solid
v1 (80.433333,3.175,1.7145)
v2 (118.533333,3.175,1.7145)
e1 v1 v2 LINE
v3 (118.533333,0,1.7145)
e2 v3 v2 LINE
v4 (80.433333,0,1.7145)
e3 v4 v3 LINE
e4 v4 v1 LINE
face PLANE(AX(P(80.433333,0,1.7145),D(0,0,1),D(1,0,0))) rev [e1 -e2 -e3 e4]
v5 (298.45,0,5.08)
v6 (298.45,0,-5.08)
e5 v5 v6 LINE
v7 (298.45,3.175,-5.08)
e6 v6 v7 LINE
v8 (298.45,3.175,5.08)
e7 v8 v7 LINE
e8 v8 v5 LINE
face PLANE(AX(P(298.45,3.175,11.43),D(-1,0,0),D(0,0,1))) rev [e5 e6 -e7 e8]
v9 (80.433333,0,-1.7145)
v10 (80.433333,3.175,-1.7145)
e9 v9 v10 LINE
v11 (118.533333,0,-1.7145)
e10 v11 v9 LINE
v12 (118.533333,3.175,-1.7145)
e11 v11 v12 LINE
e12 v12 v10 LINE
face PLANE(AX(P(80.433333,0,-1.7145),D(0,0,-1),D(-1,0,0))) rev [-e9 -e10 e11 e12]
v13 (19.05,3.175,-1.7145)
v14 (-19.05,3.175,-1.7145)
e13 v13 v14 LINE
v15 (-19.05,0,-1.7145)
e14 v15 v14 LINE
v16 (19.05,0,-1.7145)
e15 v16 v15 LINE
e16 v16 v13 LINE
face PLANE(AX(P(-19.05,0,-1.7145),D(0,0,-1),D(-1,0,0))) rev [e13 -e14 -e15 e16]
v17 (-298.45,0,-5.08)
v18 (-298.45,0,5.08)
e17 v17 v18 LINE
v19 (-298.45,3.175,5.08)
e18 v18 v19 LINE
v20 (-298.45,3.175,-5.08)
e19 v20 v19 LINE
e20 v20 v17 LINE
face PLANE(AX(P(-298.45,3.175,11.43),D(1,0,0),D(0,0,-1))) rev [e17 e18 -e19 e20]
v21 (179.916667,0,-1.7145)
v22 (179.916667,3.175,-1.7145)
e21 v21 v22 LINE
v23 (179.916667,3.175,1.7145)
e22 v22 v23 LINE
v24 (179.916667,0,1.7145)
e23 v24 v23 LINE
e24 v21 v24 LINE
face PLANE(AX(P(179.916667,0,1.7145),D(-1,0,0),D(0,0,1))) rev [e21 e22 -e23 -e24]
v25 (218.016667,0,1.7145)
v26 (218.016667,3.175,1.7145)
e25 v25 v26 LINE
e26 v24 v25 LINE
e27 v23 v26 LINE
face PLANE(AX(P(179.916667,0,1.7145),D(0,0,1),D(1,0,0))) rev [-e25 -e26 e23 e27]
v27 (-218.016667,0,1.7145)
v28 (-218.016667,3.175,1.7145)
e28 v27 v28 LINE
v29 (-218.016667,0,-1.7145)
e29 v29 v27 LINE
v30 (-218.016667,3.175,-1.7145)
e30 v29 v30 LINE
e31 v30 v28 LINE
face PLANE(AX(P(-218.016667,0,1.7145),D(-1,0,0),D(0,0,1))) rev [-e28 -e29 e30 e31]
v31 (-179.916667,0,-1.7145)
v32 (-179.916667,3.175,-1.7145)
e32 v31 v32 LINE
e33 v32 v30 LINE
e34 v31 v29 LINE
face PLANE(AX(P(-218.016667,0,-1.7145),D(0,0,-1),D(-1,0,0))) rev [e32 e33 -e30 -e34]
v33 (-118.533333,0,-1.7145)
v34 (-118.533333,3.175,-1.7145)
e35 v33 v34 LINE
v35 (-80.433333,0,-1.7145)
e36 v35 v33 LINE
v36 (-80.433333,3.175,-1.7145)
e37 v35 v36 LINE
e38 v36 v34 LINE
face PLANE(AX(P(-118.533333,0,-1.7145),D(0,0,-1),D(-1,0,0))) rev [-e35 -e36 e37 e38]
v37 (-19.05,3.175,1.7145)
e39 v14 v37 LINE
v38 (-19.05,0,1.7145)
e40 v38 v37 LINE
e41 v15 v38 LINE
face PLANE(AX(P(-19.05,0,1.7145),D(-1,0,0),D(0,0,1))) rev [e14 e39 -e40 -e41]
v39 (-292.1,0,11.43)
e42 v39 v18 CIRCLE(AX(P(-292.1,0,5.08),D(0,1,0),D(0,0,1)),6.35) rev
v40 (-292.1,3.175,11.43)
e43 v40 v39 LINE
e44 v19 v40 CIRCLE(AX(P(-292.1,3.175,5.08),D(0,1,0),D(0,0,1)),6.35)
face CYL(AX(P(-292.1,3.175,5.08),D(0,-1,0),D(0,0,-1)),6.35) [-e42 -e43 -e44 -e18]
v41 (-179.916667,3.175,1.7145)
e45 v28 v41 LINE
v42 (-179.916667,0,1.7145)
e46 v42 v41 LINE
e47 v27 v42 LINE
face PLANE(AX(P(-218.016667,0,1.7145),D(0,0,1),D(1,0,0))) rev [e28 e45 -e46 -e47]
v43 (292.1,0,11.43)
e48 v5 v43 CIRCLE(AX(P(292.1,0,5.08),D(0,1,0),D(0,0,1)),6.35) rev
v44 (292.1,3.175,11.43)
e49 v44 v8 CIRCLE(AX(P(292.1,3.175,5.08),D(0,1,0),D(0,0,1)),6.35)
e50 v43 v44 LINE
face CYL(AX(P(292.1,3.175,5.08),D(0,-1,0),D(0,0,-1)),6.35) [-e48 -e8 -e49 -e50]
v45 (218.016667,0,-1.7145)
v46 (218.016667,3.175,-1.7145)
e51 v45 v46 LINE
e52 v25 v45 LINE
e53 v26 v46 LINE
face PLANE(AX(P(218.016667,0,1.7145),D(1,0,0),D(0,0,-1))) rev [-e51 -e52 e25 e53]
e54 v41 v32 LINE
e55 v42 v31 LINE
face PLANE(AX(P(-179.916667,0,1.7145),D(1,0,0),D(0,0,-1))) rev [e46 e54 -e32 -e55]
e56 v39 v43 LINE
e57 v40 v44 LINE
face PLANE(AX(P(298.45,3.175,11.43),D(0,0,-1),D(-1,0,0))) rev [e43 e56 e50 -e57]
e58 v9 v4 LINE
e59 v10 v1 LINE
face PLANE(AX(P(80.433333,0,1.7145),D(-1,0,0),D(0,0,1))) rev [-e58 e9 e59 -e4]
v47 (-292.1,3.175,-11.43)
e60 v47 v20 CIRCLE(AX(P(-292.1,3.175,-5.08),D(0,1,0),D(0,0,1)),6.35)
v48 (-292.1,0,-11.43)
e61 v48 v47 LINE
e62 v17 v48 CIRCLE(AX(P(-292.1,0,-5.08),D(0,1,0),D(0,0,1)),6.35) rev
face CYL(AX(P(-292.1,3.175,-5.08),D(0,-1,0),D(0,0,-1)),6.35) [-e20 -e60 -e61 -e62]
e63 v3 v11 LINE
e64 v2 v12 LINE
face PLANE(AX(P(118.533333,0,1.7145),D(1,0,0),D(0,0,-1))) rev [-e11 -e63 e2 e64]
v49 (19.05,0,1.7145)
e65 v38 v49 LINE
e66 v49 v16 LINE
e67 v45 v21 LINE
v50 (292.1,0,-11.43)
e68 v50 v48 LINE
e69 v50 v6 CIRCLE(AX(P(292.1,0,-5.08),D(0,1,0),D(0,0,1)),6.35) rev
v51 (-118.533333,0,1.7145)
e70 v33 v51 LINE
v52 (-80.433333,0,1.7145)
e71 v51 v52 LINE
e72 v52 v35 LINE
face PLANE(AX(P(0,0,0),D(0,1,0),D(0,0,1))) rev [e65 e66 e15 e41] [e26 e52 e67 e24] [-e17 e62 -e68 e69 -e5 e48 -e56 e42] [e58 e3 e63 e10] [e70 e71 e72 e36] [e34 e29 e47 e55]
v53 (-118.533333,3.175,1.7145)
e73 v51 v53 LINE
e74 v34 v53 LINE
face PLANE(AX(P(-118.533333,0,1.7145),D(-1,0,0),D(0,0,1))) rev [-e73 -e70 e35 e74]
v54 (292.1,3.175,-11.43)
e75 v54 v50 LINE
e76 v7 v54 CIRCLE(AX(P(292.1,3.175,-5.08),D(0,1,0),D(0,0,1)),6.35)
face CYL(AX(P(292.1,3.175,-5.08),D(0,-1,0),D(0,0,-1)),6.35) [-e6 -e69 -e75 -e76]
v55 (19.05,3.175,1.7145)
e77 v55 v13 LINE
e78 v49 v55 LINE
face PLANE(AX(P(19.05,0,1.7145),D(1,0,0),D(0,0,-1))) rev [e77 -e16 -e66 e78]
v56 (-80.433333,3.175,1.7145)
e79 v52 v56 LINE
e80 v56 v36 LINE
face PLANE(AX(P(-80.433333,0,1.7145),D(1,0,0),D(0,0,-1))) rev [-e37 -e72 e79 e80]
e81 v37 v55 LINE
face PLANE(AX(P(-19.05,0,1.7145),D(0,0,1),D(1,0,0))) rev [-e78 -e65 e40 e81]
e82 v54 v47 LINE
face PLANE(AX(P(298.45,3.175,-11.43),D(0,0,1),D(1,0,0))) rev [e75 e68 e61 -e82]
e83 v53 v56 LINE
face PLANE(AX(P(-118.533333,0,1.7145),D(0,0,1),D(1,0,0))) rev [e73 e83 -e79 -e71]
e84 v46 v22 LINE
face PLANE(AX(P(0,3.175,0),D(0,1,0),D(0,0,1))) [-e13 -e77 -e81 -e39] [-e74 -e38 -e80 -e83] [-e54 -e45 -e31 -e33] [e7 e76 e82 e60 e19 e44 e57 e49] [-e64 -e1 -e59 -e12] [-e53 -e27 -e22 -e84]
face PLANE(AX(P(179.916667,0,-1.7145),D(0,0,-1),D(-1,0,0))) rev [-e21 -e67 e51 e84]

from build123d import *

# Parameters (mm, degrees)
SKETCH1_W           = 596.9
SKETCH1_H           = 22.86
BOSS_EXTRUDE1_DEPTH = 3.175
SKETCH5_W           = 38.1
SKETCH5_H           = 3.429
CUT_EXTRUDE2_DEPTH  = 299.685667592
FILLET1_R           = 6.35


with BuildPart() as part:
    # Sketch1 → Boss-Extrude1 (new body)
    with BuildSketch(Plane(origin=(0, 0, 0), x_dir=(1, 0, 0), z_dir=(0, 1, 0))):
        Rectangle(SKETCH1_W, SKETCH1_H)
    extrude(amount=BOSS_EXTRUDE1_DEPTH)

    # Sketch5 → Cut-Extrude2 (cut, through all)
    with BuildSketch(Plane(origin=(0, 3.175, 0), x_dir=(1, 0, 0), z_dir=(0, 1, 0))):
        with Locations((-198.966666582, 0)):
            Rectangle(SKETCH5_W, SKETCH5_H)
        with Locations((-99.483333164, 0)):
            Rectangle(SKETCH5_W, SKETCH5_H)
        with Locations((1.69e-07, 0)):
            Rectangle(SKETCH5_W, SKETCH5_H)
        with Locations((99.483333333, 0)):
            Rectangle(SKETCH5_W, SKETCH5_H)
        with Locations((198.966666667, 0)):
            Rectangle(SKETCH5_W, SKETCH5_H)
    extrude(amount=-CUT_EXTRUDE2_DEPTH, mode=Mode.SUBTRACT)

    # Fillet1
    fillet1_edges = [part.edges().sort_by_distance(p)[0] for p in [
        (-298.45, 1.5875, -11.43),
        (298.45, 1.5875, -11.43),
        (298.45, 1.5875, 11.43),
        (-298.45, 1.5875, 11.43),
    ]]
    fillet(fillet1_edges, radius=FILLET1_R)


solid = part.part
